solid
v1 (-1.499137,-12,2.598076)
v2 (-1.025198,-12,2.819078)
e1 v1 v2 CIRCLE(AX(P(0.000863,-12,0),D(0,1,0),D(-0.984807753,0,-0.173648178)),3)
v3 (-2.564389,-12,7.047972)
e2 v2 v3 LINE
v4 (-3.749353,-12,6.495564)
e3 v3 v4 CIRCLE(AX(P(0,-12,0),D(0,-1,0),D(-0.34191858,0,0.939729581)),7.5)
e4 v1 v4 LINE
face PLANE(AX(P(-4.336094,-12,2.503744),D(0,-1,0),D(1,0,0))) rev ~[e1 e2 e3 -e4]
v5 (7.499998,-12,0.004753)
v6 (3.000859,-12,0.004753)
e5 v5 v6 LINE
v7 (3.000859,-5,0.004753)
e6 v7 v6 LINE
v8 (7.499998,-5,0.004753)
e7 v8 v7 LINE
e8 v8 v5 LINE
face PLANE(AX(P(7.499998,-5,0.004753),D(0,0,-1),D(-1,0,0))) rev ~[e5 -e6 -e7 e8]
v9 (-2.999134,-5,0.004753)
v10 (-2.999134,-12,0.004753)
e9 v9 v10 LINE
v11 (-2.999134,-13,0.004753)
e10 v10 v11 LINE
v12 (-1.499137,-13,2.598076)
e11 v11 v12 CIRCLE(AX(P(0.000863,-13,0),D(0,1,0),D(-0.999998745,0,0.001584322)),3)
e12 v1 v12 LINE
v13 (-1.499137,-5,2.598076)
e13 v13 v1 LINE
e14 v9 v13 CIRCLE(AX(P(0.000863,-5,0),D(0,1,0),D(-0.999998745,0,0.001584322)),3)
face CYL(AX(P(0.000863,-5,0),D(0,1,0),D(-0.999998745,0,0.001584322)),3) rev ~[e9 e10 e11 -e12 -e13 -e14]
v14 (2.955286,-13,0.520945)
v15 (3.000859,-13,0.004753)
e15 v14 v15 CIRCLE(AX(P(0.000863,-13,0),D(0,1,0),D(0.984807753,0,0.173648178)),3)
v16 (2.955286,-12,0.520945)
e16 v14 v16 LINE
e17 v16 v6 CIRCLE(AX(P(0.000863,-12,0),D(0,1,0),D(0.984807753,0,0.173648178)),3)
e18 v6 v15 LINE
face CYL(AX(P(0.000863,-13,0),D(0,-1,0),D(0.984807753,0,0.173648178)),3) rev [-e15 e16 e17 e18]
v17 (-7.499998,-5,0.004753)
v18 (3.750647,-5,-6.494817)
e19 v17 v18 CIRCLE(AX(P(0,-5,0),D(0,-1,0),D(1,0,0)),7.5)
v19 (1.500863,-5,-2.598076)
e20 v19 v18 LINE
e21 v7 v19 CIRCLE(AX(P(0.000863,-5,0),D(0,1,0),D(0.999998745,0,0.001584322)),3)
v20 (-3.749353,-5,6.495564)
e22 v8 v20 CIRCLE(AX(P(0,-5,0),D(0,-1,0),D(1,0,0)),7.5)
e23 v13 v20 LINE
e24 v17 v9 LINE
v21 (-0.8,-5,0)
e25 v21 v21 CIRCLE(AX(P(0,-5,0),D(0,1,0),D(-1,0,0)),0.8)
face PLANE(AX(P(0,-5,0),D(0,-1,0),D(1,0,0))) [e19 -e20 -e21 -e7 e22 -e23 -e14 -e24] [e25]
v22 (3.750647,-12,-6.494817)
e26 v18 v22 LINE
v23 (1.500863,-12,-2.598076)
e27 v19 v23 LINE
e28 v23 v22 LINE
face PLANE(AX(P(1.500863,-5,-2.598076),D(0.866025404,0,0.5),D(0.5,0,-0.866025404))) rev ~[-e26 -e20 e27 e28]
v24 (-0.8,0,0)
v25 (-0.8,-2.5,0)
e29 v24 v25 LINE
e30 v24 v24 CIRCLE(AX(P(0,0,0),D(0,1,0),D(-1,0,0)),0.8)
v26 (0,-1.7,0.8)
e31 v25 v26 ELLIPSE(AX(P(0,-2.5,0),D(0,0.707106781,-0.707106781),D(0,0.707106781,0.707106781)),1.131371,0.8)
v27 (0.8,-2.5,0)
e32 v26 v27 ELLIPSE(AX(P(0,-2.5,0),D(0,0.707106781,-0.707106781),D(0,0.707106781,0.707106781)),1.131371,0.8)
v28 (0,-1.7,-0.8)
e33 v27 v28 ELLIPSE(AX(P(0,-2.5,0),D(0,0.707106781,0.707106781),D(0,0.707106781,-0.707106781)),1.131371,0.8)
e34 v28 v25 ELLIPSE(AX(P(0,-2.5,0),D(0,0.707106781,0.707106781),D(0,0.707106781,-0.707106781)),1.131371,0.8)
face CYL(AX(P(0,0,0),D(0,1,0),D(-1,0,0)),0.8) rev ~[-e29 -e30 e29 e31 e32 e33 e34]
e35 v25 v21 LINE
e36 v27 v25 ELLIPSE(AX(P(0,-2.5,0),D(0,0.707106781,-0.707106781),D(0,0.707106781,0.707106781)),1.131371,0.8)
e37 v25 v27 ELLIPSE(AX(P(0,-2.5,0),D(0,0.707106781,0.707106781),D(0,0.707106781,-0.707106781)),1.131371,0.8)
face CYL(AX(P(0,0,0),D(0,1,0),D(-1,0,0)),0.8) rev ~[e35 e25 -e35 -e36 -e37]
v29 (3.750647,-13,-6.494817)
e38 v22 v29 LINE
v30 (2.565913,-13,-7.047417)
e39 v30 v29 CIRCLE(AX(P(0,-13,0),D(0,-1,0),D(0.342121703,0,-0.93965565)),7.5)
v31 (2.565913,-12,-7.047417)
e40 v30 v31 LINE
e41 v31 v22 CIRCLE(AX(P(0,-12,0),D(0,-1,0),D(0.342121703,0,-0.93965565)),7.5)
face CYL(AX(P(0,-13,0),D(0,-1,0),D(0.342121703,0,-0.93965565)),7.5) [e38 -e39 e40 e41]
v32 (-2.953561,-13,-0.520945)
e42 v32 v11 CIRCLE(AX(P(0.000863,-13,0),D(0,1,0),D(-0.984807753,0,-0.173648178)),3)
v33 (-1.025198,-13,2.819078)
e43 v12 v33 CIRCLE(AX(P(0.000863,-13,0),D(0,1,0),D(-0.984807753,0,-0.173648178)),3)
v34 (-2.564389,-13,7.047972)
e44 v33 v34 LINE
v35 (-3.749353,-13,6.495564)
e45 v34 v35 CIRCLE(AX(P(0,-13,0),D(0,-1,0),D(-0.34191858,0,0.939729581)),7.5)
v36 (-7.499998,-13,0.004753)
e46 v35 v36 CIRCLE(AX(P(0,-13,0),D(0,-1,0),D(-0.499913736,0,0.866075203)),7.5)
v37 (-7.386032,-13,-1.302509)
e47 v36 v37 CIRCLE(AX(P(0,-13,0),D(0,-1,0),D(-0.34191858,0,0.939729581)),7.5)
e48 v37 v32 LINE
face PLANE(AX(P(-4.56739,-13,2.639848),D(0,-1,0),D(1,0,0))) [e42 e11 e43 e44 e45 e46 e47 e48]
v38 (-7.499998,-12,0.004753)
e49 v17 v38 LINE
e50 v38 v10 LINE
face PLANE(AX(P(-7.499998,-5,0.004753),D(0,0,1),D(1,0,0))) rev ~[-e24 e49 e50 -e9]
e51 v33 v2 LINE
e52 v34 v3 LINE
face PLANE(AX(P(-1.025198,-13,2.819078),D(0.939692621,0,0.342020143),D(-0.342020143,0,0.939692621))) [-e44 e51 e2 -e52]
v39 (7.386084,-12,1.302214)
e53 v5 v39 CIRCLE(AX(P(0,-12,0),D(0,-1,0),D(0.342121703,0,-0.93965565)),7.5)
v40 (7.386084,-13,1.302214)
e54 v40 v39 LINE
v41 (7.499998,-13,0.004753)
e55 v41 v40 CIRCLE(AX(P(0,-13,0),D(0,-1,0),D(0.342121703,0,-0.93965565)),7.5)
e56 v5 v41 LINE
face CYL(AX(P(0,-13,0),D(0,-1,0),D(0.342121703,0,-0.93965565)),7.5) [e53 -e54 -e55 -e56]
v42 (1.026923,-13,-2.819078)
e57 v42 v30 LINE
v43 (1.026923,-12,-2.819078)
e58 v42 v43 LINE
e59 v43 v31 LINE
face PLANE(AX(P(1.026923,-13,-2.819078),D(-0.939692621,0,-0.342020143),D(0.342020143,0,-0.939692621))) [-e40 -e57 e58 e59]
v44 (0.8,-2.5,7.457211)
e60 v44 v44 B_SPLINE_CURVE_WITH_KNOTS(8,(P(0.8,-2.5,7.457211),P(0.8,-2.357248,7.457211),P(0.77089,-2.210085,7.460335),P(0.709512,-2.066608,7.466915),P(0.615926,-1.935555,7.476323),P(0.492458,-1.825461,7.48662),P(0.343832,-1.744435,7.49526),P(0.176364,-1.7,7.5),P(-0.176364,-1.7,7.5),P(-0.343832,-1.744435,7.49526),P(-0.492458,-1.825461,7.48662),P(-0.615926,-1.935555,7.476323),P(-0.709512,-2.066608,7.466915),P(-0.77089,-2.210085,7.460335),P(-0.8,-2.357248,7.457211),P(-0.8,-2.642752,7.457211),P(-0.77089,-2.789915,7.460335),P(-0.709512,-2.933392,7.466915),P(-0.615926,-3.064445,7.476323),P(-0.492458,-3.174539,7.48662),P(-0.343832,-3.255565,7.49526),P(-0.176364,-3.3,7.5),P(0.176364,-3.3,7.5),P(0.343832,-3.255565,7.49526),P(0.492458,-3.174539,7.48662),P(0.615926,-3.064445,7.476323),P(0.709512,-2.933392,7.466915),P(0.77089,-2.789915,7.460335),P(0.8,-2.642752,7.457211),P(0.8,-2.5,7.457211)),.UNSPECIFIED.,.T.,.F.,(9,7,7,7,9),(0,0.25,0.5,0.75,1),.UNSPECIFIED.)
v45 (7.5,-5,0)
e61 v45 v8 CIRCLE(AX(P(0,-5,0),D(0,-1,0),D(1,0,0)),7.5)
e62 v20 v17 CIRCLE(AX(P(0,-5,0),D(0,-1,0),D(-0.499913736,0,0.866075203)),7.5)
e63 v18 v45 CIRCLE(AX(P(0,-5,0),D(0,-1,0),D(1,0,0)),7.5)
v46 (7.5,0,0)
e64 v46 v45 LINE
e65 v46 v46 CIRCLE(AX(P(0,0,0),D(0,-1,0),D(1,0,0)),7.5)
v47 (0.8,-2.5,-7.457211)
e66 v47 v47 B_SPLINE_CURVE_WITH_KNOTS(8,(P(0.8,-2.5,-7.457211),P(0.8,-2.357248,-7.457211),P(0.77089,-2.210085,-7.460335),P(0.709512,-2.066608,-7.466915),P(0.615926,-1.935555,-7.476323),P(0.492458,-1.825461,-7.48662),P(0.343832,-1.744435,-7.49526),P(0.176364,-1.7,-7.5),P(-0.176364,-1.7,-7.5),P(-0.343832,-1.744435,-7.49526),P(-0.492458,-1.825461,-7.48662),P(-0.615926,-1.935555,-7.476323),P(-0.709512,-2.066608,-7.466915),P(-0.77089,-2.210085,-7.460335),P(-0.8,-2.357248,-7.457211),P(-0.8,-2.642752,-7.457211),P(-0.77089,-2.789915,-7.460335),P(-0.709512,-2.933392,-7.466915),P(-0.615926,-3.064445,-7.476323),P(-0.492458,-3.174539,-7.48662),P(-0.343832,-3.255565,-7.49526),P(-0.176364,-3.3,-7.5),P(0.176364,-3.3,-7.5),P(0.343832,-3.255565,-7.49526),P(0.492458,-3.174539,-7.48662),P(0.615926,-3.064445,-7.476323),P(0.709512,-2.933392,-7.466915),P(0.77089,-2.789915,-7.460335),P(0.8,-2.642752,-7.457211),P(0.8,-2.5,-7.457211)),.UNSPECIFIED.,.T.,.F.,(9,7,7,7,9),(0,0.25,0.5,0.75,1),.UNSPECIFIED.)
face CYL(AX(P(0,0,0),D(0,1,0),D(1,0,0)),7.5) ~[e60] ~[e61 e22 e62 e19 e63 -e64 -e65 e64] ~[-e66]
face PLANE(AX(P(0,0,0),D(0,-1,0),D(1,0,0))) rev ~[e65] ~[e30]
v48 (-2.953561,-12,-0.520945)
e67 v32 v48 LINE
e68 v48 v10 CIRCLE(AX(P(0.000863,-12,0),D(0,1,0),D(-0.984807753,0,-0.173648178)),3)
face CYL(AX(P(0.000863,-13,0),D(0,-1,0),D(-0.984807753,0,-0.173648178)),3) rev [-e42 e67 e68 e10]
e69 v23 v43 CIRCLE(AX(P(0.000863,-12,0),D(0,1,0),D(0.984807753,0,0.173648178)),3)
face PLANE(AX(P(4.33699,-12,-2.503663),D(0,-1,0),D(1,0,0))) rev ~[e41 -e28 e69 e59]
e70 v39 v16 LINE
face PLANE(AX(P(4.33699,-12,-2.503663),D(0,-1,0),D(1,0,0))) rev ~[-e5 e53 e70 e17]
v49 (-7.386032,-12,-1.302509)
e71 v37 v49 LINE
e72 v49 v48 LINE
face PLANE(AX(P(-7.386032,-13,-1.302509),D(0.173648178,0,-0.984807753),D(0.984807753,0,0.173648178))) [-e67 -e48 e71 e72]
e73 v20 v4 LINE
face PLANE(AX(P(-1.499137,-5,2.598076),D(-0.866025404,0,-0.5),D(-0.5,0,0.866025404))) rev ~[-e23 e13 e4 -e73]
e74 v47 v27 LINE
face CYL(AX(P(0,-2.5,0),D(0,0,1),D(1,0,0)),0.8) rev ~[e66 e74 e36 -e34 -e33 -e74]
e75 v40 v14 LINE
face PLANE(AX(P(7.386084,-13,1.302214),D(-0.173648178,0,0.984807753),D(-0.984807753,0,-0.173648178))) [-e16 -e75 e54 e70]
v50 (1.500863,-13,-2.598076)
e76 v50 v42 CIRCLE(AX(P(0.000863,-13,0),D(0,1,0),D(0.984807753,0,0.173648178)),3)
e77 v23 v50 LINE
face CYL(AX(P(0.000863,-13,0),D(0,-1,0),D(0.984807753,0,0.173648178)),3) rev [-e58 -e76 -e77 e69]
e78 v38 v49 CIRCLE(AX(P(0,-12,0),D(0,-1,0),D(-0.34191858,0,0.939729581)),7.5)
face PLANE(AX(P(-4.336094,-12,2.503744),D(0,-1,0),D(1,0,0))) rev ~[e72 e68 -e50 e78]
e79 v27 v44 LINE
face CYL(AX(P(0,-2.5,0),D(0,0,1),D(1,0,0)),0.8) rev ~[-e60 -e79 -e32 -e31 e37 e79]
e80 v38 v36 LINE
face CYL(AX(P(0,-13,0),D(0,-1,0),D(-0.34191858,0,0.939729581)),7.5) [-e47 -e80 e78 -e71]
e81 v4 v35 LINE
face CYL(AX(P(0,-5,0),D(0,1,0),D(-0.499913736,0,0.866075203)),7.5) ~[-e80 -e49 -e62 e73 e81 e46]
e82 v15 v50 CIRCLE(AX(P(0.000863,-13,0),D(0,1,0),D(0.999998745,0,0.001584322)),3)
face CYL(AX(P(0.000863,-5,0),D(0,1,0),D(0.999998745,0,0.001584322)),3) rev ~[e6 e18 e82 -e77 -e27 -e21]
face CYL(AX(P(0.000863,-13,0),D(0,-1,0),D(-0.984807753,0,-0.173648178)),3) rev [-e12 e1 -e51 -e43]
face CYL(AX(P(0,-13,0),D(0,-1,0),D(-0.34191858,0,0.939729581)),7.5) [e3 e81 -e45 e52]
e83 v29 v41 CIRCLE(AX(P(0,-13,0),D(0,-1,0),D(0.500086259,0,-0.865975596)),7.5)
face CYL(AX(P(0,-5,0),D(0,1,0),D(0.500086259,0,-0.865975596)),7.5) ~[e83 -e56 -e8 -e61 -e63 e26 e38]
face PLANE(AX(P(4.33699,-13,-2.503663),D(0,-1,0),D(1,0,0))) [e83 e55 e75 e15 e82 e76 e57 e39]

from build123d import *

# Parameters (mm, degrees)
F0_R     = 7.5
F1_DEPTH = 5
F3_DEPTH = 8
F4_R     = 0.8
F5_DEPTH = 13.001
F6_R     = 0.8
F7_DEPTH = 12.5
F9_DEPTH = 1


with BuildPart() as f1:
    # F0 (on Front) → F1 (new body)
    with BuildSketch(Plane.XZ):
        Circle(F0_R)
    extrude(amount=F1_DEPTH)

    # F2 (on face) → F3 (join)
    with BuildSketch(Plane.XZ.offset(5)):
        with BuildLine():
            ThreePointArc((-2.9991336175, 0.0047529666), (-2.5960245368, 1.5020576249), (-1.4991373826, 2.5980762114))
            Line((-1.4991373826, 2.5980762114), (-3.7493530184, 6.4955640204))
            ThreePointArc((-3.7493530184, 6.4955640204), (-6.4938150879, 3.7523813244), (-7.499998494, 0.0047529666))
            Line((-7.499998494, 0.0047529666), (-2.9991336175, 0.0047529666))
        make_face()
        with BuildLine():
            ThreePointArc((3.0008588523, 0.0047529666), (2.6001262556, -1.4979414338), (1.5008626174, -2.5980762114))
            Line((1.5008626174, -2.5980762114), (3.7506469444, -6.4948169719))
            ThreePointArc((3.7506469444, -6.4948169719), (6.4965650956, -3.7476181714), (7.499998494, 0.0047529666))
            Line((7.499998494, 0.0047529666), (3.0008588523, 0.0047529666))
        make_face()
    extrude(amount=F3_DEPTH)

    # F4 (on face) → F5 (cut, through all)
    with BuildSketch(Plane(origin=(0, 0, 0), x_dir=(-1, 0, 0), z_dir=(0, 1, 0))):
        Circle(F4_R)
    extrude(amount=-F5_DEPTH, mode=Mode.SUBTRACT)

    # F6 (on Top) → F7 (cut, symmetric)
    with BuildSketch(Plane.XY):
        with Locations((0, -2.5)):
            Circle(F6_R)
    extrude(amount=F7_DEPTH, both=True, mode=Mode.SUBTRACT)

    # F8 (on face) → F9 (join)
    with BuildSketch(Plane.XZ.offset(13)):
        with BuildLine():
            ThreePointArc((2.9552858764, 0.520944533), (2.5989388287, -1.5), (1.0269230474, -2.8190778624))
            Line((1.0269230474, -2.8190778624), (2.5659127703, -7.0474173748))
            ThreePointArc((2.5659127703, -7.0474173748), (6.4953557229, -3.7497138602), (7.3860841572, 1.302213816))
            Line((7.3860841572, 1.302213816), (2.9552858764, 0.520944533))
        make_face()
        with BuildLine():
            Line((-7.386032135, -1.3025088485), (-2.9535606416, -0.520944533))
            ThreePointArc((-2.9535606416, -0.520944533), (-2.597213594, 1.5), (-1.0251978126, 2.8190778624))
            Line((-1.0251978126, 2.8190778624), (-2.5643893496, 7.0479718546))
            ThreePointArc((-2.5643893496, 7.0479718546), (-6.4950253213, 3.7502861326), (-7.386032135, -1.3025088485))
        make_face()
    extrude(amount=-F9_DEPTH)


solid = f1.part
